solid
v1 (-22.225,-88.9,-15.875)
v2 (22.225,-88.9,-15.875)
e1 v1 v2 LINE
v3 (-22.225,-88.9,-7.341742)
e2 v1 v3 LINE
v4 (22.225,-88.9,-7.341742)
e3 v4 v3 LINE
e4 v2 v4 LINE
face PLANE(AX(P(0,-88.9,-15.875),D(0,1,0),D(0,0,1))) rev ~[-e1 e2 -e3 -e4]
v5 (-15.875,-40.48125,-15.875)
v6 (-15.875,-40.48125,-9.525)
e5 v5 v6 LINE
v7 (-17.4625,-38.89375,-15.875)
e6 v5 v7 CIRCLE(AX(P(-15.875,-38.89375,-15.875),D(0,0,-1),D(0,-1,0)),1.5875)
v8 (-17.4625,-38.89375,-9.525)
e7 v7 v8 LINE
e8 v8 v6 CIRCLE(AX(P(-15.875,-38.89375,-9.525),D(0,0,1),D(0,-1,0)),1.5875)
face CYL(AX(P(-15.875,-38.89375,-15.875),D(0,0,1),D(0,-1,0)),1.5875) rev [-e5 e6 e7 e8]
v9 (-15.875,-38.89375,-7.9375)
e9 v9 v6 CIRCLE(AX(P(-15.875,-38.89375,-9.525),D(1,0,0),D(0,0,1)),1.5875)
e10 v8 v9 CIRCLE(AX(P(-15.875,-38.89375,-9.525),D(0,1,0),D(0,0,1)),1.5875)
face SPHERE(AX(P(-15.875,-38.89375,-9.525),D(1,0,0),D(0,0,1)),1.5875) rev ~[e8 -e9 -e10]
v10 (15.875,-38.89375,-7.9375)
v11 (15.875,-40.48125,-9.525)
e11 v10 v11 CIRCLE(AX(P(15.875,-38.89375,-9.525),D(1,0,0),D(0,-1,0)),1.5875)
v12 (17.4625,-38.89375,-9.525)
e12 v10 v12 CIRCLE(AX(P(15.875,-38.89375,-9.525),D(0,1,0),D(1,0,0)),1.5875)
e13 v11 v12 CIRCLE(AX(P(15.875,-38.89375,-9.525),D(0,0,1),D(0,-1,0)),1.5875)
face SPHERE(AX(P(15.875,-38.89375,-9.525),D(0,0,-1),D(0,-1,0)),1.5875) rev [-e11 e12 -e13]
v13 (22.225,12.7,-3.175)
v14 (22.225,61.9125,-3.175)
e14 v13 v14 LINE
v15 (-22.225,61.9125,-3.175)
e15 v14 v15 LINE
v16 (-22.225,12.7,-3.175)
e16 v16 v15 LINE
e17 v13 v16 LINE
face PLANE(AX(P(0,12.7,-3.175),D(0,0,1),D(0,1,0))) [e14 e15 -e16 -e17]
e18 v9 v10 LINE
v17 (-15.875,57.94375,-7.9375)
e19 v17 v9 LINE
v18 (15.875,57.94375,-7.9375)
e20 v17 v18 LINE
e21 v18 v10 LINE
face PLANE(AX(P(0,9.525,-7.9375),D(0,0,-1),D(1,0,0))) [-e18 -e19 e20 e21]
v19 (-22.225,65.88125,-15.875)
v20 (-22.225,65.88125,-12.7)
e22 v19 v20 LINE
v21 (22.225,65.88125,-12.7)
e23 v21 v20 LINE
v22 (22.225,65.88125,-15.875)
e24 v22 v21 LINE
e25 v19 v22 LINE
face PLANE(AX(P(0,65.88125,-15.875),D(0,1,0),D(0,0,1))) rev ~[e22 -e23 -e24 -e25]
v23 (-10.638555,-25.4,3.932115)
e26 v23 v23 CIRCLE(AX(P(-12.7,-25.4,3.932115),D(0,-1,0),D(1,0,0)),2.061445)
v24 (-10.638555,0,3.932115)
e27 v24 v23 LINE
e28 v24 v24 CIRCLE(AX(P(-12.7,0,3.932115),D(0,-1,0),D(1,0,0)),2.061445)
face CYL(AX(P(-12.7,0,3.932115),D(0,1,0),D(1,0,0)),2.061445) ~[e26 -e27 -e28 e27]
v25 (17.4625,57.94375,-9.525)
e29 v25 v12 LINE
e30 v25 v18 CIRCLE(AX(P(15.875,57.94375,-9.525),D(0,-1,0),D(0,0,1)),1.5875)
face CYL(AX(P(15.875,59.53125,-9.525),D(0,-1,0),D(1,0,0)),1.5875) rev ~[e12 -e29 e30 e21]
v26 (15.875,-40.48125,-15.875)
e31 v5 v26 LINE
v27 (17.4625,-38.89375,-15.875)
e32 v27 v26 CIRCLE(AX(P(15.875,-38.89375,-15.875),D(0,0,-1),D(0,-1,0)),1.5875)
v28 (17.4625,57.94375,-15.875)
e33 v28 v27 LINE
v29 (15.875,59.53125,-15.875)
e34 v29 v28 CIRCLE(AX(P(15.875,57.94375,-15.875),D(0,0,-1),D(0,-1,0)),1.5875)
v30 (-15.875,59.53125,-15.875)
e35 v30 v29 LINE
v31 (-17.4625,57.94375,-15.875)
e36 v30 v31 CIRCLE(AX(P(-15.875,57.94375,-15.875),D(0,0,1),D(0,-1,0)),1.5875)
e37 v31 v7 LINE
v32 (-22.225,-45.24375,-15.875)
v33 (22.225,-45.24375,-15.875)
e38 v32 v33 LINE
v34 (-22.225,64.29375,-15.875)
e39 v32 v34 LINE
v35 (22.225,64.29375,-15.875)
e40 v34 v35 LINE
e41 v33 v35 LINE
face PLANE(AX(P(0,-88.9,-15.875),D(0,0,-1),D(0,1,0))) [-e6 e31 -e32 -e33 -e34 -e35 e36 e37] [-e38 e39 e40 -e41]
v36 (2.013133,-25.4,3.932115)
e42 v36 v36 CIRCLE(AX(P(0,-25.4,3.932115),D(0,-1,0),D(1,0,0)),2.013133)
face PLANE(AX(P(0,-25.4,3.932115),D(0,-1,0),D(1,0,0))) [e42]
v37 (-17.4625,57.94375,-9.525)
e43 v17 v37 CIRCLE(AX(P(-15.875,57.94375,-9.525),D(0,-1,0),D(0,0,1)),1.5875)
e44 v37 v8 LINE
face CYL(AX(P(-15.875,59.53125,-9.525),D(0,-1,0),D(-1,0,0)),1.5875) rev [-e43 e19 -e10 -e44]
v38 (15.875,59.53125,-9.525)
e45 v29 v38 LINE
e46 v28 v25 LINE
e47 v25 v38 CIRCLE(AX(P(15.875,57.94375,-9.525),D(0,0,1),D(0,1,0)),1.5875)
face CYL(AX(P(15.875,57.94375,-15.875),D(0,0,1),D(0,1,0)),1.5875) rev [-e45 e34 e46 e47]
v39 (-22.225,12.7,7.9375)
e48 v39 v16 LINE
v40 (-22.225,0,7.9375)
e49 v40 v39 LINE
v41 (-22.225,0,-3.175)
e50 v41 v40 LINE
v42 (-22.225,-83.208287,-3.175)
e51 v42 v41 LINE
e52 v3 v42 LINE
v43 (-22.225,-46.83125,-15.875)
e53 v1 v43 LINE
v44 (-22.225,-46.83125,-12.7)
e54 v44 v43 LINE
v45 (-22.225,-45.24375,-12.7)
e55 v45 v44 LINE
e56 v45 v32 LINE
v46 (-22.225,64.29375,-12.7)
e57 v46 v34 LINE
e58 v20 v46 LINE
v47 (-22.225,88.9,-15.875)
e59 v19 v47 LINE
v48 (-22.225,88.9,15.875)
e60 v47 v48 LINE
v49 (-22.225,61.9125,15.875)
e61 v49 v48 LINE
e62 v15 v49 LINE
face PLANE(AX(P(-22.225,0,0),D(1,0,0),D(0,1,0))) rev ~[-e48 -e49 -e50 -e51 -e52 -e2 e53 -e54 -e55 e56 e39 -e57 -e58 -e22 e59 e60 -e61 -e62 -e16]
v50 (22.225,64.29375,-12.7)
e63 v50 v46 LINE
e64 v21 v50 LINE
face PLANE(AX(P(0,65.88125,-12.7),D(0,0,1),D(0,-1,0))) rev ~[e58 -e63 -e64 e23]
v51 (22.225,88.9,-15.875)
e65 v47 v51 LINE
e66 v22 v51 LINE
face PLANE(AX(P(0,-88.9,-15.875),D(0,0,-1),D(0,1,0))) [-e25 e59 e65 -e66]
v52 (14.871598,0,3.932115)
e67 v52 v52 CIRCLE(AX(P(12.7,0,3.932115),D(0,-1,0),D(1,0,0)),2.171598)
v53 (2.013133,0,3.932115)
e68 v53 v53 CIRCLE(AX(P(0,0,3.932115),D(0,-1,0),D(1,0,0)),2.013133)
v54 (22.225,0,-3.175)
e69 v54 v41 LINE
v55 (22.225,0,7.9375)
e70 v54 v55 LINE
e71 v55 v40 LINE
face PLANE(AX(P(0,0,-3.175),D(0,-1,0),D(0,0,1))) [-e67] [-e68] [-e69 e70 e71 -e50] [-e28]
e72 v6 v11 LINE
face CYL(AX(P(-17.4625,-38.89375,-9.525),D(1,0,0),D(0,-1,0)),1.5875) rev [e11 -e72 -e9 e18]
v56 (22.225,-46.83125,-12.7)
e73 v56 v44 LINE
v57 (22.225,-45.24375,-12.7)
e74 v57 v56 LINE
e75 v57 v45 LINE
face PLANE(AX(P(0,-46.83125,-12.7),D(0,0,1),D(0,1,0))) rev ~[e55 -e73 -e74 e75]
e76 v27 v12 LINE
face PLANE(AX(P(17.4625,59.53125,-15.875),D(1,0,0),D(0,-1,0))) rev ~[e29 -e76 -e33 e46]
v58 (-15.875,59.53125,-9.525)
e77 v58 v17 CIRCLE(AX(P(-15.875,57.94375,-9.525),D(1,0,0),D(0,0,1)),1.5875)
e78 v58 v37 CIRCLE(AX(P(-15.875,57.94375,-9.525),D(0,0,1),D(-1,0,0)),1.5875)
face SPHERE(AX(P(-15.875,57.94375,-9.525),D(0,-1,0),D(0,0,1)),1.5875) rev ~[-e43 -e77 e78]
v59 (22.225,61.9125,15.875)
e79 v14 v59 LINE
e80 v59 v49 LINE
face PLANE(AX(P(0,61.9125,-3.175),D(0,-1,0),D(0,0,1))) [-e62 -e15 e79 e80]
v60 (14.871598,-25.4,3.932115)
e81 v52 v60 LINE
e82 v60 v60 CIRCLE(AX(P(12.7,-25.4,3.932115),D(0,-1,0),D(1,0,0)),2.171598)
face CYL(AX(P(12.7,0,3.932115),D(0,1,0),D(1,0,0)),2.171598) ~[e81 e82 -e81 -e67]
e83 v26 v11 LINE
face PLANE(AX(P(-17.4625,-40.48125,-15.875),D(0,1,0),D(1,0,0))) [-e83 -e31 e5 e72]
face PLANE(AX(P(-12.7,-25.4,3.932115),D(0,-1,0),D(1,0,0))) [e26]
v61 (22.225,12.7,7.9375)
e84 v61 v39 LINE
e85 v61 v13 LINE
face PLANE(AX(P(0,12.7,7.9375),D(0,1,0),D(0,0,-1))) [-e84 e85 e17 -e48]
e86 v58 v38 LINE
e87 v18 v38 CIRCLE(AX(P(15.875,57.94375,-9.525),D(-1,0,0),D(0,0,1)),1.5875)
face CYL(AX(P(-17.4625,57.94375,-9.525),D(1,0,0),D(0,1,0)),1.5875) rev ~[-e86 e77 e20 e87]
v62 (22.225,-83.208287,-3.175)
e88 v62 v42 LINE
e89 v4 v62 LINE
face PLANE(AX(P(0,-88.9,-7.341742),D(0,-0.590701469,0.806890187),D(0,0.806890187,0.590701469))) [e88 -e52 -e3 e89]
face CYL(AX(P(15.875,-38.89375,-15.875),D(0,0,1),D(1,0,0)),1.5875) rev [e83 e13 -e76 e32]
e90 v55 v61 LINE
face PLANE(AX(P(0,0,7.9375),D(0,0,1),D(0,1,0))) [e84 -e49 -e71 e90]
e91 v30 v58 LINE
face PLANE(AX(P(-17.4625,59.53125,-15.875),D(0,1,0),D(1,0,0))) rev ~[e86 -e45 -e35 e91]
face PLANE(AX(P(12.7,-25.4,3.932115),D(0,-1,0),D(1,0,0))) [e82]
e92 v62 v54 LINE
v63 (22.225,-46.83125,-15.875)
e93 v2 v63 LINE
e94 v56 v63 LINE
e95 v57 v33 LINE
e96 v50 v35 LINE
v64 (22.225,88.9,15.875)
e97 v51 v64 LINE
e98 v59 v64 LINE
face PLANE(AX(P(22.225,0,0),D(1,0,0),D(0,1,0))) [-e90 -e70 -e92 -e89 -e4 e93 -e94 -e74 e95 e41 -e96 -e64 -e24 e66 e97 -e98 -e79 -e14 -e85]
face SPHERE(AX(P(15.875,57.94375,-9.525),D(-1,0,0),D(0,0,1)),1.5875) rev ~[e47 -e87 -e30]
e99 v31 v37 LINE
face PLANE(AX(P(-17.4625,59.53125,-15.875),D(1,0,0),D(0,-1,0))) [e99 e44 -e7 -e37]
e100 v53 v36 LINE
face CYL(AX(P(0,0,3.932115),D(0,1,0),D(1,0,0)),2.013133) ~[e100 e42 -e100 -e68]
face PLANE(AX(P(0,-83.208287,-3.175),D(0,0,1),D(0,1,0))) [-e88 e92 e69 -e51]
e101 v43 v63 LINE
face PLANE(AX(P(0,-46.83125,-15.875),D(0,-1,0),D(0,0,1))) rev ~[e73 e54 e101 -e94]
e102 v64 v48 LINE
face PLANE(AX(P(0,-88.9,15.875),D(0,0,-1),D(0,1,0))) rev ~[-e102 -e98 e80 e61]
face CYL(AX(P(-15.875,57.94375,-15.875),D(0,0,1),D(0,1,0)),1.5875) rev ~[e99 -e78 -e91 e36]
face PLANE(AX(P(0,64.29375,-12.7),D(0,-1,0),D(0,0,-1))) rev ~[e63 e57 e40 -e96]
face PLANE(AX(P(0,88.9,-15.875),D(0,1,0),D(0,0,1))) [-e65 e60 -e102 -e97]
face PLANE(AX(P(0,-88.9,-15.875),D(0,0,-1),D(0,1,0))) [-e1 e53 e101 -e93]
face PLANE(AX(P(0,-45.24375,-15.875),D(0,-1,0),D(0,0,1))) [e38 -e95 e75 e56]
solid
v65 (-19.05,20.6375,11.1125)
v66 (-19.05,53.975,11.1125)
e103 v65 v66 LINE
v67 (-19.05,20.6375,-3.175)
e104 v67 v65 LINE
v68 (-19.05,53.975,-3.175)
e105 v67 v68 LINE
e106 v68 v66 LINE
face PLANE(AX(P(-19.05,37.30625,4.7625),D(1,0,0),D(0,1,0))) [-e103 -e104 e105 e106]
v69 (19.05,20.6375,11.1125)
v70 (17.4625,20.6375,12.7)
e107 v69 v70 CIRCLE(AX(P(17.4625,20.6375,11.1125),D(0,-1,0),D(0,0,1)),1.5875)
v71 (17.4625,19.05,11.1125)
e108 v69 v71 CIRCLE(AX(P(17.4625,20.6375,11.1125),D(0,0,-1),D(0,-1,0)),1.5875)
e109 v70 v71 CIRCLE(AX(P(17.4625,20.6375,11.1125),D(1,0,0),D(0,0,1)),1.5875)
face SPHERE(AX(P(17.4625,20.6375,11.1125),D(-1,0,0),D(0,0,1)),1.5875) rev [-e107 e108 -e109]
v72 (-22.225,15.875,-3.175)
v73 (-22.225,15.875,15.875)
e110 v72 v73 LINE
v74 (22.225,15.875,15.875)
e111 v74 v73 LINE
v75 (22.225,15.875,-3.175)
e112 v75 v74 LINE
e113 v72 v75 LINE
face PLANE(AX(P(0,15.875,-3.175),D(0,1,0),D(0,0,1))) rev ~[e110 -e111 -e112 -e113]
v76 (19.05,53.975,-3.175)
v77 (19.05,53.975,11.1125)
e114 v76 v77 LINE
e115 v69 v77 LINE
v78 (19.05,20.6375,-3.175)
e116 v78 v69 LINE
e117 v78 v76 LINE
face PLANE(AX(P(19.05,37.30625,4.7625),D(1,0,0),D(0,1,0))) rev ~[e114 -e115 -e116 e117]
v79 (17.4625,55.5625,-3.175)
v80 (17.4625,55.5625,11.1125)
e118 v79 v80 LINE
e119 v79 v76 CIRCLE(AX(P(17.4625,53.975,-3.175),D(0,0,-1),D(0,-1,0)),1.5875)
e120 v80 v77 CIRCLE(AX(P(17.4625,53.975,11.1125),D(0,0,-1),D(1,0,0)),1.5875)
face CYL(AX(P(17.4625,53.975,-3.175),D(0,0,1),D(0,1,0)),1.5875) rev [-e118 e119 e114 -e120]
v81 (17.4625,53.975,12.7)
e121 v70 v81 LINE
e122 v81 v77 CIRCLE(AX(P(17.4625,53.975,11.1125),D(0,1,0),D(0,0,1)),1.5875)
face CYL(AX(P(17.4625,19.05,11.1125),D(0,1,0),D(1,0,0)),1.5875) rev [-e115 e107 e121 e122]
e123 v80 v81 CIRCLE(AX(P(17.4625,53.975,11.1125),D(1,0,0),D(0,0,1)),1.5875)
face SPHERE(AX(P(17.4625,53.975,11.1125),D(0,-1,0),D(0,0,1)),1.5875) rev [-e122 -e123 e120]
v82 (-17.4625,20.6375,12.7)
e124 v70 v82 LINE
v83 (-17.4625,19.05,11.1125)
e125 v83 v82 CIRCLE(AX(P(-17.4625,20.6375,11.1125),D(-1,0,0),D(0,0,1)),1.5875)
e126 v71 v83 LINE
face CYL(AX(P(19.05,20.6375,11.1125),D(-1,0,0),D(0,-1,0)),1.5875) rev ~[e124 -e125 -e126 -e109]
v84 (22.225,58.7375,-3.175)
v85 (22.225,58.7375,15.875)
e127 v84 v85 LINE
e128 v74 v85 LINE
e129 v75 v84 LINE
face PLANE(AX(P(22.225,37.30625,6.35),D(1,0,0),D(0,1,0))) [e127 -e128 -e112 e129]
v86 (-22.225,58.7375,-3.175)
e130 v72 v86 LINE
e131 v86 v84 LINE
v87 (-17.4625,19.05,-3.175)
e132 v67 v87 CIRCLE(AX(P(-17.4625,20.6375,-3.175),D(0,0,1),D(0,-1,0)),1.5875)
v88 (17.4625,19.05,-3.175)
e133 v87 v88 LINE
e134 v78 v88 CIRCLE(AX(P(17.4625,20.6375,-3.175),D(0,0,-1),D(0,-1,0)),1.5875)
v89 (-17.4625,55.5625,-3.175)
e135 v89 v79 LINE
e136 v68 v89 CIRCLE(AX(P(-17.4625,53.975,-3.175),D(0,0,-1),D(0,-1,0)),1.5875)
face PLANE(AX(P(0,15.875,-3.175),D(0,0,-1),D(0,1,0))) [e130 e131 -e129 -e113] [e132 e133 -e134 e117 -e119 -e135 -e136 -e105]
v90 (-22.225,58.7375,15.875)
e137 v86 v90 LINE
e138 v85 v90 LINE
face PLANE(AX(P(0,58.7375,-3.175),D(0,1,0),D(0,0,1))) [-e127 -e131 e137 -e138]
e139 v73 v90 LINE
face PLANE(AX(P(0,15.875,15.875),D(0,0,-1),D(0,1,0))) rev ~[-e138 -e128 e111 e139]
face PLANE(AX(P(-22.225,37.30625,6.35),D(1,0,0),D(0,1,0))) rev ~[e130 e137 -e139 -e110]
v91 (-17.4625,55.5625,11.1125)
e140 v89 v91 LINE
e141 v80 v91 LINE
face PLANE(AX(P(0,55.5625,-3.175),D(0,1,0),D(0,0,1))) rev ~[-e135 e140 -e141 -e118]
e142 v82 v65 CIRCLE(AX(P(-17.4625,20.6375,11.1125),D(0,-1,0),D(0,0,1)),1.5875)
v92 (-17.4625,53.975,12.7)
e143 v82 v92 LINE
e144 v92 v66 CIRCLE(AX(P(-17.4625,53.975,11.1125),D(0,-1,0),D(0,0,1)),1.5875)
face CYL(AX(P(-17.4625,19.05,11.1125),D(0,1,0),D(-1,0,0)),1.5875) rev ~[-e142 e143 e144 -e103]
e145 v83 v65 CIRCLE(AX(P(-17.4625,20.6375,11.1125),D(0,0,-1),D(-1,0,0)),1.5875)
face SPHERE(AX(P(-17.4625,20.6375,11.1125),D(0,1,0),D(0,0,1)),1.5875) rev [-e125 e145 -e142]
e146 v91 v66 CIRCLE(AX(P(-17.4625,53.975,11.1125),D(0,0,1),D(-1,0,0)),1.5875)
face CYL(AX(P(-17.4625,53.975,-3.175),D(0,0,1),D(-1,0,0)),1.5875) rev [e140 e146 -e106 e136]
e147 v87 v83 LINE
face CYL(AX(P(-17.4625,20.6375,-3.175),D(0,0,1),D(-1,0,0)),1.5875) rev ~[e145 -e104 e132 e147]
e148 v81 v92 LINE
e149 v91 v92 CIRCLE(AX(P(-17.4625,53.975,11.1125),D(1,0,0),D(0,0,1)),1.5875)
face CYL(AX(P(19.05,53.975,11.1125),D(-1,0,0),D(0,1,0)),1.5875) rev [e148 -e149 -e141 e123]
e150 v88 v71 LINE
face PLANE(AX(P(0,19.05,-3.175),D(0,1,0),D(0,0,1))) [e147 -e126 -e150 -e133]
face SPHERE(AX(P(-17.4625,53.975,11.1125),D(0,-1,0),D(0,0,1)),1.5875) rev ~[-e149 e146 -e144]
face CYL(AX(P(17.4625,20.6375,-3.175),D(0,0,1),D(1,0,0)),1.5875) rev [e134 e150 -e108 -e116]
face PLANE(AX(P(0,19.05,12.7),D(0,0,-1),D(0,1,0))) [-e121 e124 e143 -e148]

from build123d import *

# Parameters (mm, degrees)
F0_W          = 177.8
F0_H          = 31.75
F1_DEPTH      = 22.225
F2_W          = 1.5875
F2_H          = 3.175
F3_DEPTH      = 25.4
F5_DEPTH      = 22.225
F5_DEPTH_BACK = 22.226
F6_W          = 42.8625
F6_H          = 19.05
F7_DEPTH      = 22.225
F7_DEPTH_BACK = 22.225
F8_R          = 2.013133
F8_R_2        = 2.061445
F8_R_3        = 2.171598
F9_DEPTH      = 25.4
F10_W         = 34.925
F10_H         = 100.0125
F11_DEPTH     = 7.9375
F12_R         = 1.5875
F13_W         = 36.5125
F13_H         = 15.875
F14_DEPTH     = 19.05
F15_R         = 1.5875


with BuildPart() as f1:
    # F0 (on Right) → F1 (new body, symmetric)
    with BuildSketch(Plane.YZ):
        Rectangle(F0_W, F0_H)
    extrude(amount=F1_DEPTH, both=True)

    # F2 (on Right) → F3 (cut, symmetric)
    with BuildSketch(Plane.YZ):
        with Locations((-46.0375, -14.2875)):
            Rectangle(F2_W, F2_H)
        Polygon((64.29375, -12.7), (64.29375, -15.875), (65.88125, -15.875), (65.88125, -12.7), (65.0875, -12.7), align=None)
    extrude(amount=F3_DEPTH, both=True, mode=Mode.SUBTRACT)

    # F4 (on Right) → F5 (cut, two sides)
    with BuildSketch(Plane.YZ) as f5_sk:
        Polygon((-88.9, 15.875), (-88.9, -7.341742), (-83.208287, -3.175), (0, -3.175), (0, 7.9375), (12.7, 7.9375), (12.7, -3.175), (61.9125, -3.175), (61.9125, 15.875), align=None)
    extrude(amount=F5_DEPTH, mode=Mode.SUBTRACT)
    extrude(f5_sk.sketch, amount=-F5_DEPTH_BACK, mode=Mode.SUBTRACT)

    # F8 (on face) → F9 (join)
    with BuildSketch(Plane.XZ):
        with Locations((0, 3.932115)):
            Circle(F8_R)
        with Locations((-12.7, 3.932115)):
            Circle(F8_R_2)
        with Locations((12.7, 3.932115)):
            Circle(F8_R_3)
    extrude(amount=F9_DEPTH)

    # F10 (on face) → F11 (cut)
    with BuildSketch(Plane(origin=(0, 0, -15.875), x_dir=(1, 0, 0), z_dir=(0, 0, -1))):
        with Locations((0, -9.525)):
            Rectangle(F10_W, F10_H)
    extrude(amount=-F11_DEPTH, mode=Mode.SUBTRACT)

    # F12
    f12_edges = [f1.edges().sort_by_distance(p)[0] for p in [
        (17.4625, -40.48125, -11.90625),
        (0, -40.48125, -7.9375),
        (-17.4625, 9.525, -7.9375),
        (0, 59.53125, -7.9375),
        (17.4625, 9.525, -7.9375),
        (17.4625, 59.53125, -11.90625),
        (-17.4625, 59.53125, -11.90625),
        (-17.4625, -40.48125, -11.90625),
    ]]
    fillet(f12_edges, radius=F12_R)


with BuildPart() as f7:
    # F6 (on Right) → F7 (new body, two sides)
    with BuildSketch(Plane.YZ) as f7_sk:
        with Locations((37.30625, 6.35)):
            Rectangle(F6_W, F6_H)
    extrude(amount=F7_DEPTH)
    extrude(f7_sk.sketch, amount=-F7_DEPTH_BACK)

    # F13 (on Right) → F14 (cut, symmetric)
    with BuildSketch(Plane.YZ):
        with Locations((37.30625, 4.7625)):
            Rectangle(F13_W, F13_H)
    extrude(amount=F14_DEPTH, both=True, mode=Mode.SUBTRACT)

    # F15
    f15_edges = [f7.edges().sort_by_distance(p)[0] for p in [
        (-19.05, 37.30625, 12.7),
        (0, 19.05, 12.7),
        (19.05, 37.30625, 12.7),
        (0, 55.5625, 12.7),
        (-19.05, 55.5625, 4.7625),
        (19.05, 55.5625, 4.7625),
        (19.05, 19.05, 4.7625),
        (-19.05, 19.05, 4.7625),
    ]]
    fillet(f15_edges, radius=F15_R)


solid = Compound([f1.part, f7.part])
